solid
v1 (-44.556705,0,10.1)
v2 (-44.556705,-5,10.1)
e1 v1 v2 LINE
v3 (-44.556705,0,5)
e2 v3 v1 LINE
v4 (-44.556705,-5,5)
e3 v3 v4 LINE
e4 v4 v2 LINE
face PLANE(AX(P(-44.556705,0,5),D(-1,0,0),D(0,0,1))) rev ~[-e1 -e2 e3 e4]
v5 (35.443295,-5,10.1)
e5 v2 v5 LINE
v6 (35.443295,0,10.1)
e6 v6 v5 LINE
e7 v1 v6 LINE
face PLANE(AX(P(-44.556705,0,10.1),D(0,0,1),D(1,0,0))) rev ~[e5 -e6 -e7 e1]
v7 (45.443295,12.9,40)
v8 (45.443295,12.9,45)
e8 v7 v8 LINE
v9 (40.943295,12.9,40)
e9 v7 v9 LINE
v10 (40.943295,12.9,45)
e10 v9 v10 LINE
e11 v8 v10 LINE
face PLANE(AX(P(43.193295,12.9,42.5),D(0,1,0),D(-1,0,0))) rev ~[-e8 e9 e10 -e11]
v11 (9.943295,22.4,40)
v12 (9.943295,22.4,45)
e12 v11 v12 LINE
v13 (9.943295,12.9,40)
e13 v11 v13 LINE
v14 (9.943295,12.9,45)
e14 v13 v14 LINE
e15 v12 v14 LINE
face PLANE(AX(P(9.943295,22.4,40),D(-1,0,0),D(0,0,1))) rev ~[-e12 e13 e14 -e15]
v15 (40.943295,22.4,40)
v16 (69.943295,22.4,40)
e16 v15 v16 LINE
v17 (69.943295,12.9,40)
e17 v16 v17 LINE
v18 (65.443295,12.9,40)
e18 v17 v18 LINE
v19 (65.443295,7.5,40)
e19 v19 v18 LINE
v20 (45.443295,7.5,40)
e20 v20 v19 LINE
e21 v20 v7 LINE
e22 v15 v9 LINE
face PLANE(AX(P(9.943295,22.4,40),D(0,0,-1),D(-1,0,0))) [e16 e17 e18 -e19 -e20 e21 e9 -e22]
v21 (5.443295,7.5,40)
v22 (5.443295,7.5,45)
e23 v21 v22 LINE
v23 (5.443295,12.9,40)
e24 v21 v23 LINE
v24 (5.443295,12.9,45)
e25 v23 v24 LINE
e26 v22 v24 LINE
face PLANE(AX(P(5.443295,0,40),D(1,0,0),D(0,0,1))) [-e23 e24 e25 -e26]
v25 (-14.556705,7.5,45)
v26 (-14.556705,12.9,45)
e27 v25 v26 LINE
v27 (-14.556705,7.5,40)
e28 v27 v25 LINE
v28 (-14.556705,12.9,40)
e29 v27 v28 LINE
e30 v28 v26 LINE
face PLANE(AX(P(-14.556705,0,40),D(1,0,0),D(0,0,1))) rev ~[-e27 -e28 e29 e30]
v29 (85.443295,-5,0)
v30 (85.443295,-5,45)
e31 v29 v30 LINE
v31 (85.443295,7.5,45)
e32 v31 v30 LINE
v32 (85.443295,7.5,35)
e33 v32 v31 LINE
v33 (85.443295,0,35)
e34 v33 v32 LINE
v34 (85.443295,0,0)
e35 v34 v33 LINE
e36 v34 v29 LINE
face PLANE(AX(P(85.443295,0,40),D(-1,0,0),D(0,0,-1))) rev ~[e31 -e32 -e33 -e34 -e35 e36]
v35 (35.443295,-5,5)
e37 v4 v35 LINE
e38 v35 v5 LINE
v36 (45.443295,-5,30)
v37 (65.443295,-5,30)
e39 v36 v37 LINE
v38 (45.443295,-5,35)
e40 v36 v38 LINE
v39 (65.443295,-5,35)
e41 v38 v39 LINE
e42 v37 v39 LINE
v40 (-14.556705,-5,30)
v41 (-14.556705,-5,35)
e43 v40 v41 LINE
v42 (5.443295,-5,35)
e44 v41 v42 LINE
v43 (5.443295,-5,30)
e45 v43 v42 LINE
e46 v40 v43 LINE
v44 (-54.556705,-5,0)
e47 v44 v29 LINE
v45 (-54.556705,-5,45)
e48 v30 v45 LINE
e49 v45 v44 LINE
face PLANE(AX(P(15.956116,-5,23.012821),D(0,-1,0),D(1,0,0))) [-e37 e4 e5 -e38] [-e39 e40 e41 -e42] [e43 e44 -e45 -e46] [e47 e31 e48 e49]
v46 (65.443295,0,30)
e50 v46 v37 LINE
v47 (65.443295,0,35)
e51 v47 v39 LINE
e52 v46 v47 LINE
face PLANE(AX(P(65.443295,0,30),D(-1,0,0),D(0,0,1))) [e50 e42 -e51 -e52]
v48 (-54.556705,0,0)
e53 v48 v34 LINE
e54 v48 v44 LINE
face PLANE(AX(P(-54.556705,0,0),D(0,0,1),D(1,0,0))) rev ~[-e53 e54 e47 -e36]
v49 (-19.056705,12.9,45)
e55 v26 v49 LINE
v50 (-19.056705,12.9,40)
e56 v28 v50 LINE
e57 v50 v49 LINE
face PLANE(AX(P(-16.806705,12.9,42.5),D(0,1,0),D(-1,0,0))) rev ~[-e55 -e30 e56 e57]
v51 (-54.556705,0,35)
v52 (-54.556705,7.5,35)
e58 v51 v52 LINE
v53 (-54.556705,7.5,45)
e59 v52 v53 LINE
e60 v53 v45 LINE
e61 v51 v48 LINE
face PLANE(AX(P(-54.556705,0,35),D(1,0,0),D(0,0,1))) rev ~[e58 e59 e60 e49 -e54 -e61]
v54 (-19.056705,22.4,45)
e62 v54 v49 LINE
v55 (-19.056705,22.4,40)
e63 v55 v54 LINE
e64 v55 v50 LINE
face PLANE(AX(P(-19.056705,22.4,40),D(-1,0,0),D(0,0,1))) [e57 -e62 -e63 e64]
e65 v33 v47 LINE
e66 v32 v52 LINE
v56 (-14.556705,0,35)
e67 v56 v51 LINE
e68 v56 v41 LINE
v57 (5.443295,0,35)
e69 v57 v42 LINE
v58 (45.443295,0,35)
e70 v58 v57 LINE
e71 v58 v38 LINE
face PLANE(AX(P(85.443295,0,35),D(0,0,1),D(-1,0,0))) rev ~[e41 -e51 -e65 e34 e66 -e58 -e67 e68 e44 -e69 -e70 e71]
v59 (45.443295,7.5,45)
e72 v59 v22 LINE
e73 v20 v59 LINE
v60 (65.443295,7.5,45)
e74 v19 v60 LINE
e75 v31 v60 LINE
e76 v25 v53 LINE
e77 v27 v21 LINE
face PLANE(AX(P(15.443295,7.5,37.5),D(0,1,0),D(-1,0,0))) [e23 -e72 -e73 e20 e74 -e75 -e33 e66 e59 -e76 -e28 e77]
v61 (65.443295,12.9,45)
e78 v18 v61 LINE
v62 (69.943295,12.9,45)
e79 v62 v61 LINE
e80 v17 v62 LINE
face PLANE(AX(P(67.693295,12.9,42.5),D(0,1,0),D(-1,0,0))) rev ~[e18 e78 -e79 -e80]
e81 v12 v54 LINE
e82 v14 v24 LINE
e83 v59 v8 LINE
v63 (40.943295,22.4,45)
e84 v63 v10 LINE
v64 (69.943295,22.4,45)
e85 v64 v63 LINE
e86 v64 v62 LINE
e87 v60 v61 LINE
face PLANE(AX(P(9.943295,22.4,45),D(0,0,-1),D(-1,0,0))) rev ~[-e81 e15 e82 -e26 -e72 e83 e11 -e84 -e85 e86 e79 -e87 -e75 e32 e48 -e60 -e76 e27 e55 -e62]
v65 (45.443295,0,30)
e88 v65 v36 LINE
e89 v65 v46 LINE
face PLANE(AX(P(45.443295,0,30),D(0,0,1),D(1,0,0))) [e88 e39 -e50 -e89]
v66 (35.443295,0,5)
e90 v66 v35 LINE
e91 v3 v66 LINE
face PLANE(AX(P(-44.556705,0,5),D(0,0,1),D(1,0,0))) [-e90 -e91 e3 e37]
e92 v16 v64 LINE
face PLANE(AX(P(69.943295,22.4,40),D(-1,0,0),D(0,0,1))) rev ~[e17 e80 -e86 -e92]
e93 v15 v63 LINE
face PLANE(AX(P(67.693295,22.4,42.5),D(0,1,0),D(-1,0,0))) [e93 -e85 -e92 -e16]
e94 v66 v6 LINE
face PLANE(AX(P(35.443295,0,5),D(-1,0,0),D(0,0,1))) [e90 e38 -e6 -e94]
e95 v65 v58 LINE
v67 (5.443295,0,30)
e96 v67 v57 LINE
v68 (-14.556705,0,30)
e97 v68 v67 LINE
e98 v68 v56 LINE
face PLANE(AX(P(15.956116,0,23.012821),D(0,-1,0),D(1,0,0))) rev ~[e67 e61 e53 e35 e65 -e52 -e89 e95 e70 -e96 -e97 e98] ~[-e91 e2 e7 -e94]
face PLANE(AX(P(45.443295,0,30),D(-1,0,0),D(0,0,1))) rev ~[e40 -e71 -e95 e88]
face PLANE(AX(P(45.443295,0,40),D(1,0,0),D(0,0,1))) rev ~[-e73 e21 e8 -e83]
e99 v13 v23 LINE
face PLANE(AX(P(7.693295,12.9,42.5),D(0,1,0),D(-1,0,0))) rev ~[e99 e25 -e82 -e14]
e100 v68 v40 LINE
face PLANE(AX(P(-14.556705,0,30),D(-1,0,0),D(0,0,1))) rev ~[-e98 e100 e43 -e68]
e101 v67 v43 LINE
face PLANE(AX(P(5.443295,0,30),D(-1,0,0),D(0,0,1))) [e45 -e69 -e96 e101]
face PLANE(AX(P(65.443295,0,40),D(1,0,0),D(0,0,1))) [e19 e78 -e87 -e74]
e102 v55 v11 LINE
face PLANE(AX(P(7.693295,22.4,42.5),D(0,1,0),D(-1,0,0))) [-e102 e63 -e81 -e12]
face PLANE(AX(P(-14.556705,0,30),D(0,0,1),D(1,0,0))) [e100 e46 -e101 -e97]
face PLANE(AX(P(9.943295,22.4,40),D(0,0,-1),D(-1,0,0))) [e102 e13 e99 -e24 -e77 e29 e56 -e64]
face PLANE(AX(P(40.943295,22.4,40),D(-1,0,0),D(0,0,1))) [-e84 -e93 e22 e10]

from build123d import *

# Parameters (mm, degrees)
F0_W     = 80
F0_H     = 5.1
F0_W_2   = 20
F0_H_2   = 5
F1_DEPTH = 5
F2_W     = 20
F2_H     = 5
F2_W_2   = 40
F3_DEPTH = 7.5
F4_DEPTH = 22.4
F5_W     = 4.5
F5_H     = 5
F6_DEPTH = 9.5
F7_W     = 4.5
F7_H     = 5
F8_DEPTH = 9.5
F9_DEPTH = 7.5


with BuildPart() as f1:
    # F0 (on Front) → F1 (new body)
    with BuildSketch(Plane.XZ):
        Polygon((-54.556705, 45), (-54.556705, 0), (85.443295, 0), (85.443295, 45), (65.443295, 45), (65.443295, 40), (45.443295, 40), (45.443295, 45), (5.443295, 45), (5.443295, 40), (-14.556705, 40), (-14.556705, 45), align=None)
        with Locations((-4.556705, 7.55)):
            Rectangle(F0_W, F0_H, mode=Mode.SUBTRACT)
        with Locations((-4.556705, 32.5)):
            Rectangle(F0_W_2, F0_H_2, mode=Mode.SUBTRACT)
        with Locations((55.443295, 32.5)):
            Rectangle(F0_W_2, F0_H_2, mode=Mode.SUBTRACT)
        with Locations((55.443295, 42.5)):
            Rectangle(F0_W_2, F0_H_2)
        with Locations((-4.556705, 42.5)):
            Rectangle(F0_W_2, F0_H_2)
    extrude(amount=F1_DEPTH)

    # F2 (on face) → F3 (join)
    with BuildSketch(Plane(origin=(0, 0, 0), x_dir=(-1, 0, 0), z_dir=(0, 1, 0))):
        with Locations((-75.443295, 42.5)):
            Rectangle(F2_W, F2_H)
        with Locations((-25.443295, 42.5)):
            Rectangle(F2_W_2, F2_H)
        with Locations((34.556705, 42.5)):
            Rectangle(F2_W_2, F2_H)
    extrude(amount=F3_DEPTH)

    # F2 (on face) → F4 (join)
    with BuildSketch(Plane(origin=(0, 0, 0), x_dir=(-1, 0, 0), z_dir=(0, 1, 0))):
        with Locations((-55.443295, 42.5)):
            Rectangle(F2_W, F2_H)
        with Locations((4.556705, 42.5)):
            Rectangle(F2_W, F2_H)
    extrude(amount=F4_DEPTH)

    # F5 (on face) → F6 (join)
    with BuildSketch(Plane(origin=(0, 22.4, 0), x_dir=(-1, 0, 0), z_dir=(0, 1, 0))):
        with Locations((-67.693295, 42.5)):
            Rectangle(F5_W, F5_H)
        with Locations((-43.193295, 42.5)):
            Rectangle(F5_W, F5_H)
    extrude(amount=-F6_DEPTH)

    # F7 (on face) → F8 (join)
    with BuildSketch(Plane(origin=(0, 22.4, 0), x_dir=(-1, 0, 0), z_dir=(0, 1, 0))):
        with Locations((-7.693295, 42.5)):
            Rectangle(F7_W, F7_H)
        with Locations((16.806705, 42.5)):
            Rectangle(F7_W, F7_H)
    extrude(amount=-F8_DEPTH)

    # F2 (on face) → F9 (join)
    with BuildSketch(Plane(origin=(0, 0, 0), x_dir=(-1, 0, 0), z_dir=(0, 1, 0))):
        Polygon((14.556705, 40), (-5.443295, 40), (-45.443295, 40), (-65.443295, 40), (-85.443295, 40), (-85.443295, 35), (-65.443295, 35), (-45.443295, 35), (-5.443295, 35), (14.556705, 35), (54.556705, 35), (54.556705, 40), align=None)
    extrude(amount=F9_DEPTH)


solid = f1.part
